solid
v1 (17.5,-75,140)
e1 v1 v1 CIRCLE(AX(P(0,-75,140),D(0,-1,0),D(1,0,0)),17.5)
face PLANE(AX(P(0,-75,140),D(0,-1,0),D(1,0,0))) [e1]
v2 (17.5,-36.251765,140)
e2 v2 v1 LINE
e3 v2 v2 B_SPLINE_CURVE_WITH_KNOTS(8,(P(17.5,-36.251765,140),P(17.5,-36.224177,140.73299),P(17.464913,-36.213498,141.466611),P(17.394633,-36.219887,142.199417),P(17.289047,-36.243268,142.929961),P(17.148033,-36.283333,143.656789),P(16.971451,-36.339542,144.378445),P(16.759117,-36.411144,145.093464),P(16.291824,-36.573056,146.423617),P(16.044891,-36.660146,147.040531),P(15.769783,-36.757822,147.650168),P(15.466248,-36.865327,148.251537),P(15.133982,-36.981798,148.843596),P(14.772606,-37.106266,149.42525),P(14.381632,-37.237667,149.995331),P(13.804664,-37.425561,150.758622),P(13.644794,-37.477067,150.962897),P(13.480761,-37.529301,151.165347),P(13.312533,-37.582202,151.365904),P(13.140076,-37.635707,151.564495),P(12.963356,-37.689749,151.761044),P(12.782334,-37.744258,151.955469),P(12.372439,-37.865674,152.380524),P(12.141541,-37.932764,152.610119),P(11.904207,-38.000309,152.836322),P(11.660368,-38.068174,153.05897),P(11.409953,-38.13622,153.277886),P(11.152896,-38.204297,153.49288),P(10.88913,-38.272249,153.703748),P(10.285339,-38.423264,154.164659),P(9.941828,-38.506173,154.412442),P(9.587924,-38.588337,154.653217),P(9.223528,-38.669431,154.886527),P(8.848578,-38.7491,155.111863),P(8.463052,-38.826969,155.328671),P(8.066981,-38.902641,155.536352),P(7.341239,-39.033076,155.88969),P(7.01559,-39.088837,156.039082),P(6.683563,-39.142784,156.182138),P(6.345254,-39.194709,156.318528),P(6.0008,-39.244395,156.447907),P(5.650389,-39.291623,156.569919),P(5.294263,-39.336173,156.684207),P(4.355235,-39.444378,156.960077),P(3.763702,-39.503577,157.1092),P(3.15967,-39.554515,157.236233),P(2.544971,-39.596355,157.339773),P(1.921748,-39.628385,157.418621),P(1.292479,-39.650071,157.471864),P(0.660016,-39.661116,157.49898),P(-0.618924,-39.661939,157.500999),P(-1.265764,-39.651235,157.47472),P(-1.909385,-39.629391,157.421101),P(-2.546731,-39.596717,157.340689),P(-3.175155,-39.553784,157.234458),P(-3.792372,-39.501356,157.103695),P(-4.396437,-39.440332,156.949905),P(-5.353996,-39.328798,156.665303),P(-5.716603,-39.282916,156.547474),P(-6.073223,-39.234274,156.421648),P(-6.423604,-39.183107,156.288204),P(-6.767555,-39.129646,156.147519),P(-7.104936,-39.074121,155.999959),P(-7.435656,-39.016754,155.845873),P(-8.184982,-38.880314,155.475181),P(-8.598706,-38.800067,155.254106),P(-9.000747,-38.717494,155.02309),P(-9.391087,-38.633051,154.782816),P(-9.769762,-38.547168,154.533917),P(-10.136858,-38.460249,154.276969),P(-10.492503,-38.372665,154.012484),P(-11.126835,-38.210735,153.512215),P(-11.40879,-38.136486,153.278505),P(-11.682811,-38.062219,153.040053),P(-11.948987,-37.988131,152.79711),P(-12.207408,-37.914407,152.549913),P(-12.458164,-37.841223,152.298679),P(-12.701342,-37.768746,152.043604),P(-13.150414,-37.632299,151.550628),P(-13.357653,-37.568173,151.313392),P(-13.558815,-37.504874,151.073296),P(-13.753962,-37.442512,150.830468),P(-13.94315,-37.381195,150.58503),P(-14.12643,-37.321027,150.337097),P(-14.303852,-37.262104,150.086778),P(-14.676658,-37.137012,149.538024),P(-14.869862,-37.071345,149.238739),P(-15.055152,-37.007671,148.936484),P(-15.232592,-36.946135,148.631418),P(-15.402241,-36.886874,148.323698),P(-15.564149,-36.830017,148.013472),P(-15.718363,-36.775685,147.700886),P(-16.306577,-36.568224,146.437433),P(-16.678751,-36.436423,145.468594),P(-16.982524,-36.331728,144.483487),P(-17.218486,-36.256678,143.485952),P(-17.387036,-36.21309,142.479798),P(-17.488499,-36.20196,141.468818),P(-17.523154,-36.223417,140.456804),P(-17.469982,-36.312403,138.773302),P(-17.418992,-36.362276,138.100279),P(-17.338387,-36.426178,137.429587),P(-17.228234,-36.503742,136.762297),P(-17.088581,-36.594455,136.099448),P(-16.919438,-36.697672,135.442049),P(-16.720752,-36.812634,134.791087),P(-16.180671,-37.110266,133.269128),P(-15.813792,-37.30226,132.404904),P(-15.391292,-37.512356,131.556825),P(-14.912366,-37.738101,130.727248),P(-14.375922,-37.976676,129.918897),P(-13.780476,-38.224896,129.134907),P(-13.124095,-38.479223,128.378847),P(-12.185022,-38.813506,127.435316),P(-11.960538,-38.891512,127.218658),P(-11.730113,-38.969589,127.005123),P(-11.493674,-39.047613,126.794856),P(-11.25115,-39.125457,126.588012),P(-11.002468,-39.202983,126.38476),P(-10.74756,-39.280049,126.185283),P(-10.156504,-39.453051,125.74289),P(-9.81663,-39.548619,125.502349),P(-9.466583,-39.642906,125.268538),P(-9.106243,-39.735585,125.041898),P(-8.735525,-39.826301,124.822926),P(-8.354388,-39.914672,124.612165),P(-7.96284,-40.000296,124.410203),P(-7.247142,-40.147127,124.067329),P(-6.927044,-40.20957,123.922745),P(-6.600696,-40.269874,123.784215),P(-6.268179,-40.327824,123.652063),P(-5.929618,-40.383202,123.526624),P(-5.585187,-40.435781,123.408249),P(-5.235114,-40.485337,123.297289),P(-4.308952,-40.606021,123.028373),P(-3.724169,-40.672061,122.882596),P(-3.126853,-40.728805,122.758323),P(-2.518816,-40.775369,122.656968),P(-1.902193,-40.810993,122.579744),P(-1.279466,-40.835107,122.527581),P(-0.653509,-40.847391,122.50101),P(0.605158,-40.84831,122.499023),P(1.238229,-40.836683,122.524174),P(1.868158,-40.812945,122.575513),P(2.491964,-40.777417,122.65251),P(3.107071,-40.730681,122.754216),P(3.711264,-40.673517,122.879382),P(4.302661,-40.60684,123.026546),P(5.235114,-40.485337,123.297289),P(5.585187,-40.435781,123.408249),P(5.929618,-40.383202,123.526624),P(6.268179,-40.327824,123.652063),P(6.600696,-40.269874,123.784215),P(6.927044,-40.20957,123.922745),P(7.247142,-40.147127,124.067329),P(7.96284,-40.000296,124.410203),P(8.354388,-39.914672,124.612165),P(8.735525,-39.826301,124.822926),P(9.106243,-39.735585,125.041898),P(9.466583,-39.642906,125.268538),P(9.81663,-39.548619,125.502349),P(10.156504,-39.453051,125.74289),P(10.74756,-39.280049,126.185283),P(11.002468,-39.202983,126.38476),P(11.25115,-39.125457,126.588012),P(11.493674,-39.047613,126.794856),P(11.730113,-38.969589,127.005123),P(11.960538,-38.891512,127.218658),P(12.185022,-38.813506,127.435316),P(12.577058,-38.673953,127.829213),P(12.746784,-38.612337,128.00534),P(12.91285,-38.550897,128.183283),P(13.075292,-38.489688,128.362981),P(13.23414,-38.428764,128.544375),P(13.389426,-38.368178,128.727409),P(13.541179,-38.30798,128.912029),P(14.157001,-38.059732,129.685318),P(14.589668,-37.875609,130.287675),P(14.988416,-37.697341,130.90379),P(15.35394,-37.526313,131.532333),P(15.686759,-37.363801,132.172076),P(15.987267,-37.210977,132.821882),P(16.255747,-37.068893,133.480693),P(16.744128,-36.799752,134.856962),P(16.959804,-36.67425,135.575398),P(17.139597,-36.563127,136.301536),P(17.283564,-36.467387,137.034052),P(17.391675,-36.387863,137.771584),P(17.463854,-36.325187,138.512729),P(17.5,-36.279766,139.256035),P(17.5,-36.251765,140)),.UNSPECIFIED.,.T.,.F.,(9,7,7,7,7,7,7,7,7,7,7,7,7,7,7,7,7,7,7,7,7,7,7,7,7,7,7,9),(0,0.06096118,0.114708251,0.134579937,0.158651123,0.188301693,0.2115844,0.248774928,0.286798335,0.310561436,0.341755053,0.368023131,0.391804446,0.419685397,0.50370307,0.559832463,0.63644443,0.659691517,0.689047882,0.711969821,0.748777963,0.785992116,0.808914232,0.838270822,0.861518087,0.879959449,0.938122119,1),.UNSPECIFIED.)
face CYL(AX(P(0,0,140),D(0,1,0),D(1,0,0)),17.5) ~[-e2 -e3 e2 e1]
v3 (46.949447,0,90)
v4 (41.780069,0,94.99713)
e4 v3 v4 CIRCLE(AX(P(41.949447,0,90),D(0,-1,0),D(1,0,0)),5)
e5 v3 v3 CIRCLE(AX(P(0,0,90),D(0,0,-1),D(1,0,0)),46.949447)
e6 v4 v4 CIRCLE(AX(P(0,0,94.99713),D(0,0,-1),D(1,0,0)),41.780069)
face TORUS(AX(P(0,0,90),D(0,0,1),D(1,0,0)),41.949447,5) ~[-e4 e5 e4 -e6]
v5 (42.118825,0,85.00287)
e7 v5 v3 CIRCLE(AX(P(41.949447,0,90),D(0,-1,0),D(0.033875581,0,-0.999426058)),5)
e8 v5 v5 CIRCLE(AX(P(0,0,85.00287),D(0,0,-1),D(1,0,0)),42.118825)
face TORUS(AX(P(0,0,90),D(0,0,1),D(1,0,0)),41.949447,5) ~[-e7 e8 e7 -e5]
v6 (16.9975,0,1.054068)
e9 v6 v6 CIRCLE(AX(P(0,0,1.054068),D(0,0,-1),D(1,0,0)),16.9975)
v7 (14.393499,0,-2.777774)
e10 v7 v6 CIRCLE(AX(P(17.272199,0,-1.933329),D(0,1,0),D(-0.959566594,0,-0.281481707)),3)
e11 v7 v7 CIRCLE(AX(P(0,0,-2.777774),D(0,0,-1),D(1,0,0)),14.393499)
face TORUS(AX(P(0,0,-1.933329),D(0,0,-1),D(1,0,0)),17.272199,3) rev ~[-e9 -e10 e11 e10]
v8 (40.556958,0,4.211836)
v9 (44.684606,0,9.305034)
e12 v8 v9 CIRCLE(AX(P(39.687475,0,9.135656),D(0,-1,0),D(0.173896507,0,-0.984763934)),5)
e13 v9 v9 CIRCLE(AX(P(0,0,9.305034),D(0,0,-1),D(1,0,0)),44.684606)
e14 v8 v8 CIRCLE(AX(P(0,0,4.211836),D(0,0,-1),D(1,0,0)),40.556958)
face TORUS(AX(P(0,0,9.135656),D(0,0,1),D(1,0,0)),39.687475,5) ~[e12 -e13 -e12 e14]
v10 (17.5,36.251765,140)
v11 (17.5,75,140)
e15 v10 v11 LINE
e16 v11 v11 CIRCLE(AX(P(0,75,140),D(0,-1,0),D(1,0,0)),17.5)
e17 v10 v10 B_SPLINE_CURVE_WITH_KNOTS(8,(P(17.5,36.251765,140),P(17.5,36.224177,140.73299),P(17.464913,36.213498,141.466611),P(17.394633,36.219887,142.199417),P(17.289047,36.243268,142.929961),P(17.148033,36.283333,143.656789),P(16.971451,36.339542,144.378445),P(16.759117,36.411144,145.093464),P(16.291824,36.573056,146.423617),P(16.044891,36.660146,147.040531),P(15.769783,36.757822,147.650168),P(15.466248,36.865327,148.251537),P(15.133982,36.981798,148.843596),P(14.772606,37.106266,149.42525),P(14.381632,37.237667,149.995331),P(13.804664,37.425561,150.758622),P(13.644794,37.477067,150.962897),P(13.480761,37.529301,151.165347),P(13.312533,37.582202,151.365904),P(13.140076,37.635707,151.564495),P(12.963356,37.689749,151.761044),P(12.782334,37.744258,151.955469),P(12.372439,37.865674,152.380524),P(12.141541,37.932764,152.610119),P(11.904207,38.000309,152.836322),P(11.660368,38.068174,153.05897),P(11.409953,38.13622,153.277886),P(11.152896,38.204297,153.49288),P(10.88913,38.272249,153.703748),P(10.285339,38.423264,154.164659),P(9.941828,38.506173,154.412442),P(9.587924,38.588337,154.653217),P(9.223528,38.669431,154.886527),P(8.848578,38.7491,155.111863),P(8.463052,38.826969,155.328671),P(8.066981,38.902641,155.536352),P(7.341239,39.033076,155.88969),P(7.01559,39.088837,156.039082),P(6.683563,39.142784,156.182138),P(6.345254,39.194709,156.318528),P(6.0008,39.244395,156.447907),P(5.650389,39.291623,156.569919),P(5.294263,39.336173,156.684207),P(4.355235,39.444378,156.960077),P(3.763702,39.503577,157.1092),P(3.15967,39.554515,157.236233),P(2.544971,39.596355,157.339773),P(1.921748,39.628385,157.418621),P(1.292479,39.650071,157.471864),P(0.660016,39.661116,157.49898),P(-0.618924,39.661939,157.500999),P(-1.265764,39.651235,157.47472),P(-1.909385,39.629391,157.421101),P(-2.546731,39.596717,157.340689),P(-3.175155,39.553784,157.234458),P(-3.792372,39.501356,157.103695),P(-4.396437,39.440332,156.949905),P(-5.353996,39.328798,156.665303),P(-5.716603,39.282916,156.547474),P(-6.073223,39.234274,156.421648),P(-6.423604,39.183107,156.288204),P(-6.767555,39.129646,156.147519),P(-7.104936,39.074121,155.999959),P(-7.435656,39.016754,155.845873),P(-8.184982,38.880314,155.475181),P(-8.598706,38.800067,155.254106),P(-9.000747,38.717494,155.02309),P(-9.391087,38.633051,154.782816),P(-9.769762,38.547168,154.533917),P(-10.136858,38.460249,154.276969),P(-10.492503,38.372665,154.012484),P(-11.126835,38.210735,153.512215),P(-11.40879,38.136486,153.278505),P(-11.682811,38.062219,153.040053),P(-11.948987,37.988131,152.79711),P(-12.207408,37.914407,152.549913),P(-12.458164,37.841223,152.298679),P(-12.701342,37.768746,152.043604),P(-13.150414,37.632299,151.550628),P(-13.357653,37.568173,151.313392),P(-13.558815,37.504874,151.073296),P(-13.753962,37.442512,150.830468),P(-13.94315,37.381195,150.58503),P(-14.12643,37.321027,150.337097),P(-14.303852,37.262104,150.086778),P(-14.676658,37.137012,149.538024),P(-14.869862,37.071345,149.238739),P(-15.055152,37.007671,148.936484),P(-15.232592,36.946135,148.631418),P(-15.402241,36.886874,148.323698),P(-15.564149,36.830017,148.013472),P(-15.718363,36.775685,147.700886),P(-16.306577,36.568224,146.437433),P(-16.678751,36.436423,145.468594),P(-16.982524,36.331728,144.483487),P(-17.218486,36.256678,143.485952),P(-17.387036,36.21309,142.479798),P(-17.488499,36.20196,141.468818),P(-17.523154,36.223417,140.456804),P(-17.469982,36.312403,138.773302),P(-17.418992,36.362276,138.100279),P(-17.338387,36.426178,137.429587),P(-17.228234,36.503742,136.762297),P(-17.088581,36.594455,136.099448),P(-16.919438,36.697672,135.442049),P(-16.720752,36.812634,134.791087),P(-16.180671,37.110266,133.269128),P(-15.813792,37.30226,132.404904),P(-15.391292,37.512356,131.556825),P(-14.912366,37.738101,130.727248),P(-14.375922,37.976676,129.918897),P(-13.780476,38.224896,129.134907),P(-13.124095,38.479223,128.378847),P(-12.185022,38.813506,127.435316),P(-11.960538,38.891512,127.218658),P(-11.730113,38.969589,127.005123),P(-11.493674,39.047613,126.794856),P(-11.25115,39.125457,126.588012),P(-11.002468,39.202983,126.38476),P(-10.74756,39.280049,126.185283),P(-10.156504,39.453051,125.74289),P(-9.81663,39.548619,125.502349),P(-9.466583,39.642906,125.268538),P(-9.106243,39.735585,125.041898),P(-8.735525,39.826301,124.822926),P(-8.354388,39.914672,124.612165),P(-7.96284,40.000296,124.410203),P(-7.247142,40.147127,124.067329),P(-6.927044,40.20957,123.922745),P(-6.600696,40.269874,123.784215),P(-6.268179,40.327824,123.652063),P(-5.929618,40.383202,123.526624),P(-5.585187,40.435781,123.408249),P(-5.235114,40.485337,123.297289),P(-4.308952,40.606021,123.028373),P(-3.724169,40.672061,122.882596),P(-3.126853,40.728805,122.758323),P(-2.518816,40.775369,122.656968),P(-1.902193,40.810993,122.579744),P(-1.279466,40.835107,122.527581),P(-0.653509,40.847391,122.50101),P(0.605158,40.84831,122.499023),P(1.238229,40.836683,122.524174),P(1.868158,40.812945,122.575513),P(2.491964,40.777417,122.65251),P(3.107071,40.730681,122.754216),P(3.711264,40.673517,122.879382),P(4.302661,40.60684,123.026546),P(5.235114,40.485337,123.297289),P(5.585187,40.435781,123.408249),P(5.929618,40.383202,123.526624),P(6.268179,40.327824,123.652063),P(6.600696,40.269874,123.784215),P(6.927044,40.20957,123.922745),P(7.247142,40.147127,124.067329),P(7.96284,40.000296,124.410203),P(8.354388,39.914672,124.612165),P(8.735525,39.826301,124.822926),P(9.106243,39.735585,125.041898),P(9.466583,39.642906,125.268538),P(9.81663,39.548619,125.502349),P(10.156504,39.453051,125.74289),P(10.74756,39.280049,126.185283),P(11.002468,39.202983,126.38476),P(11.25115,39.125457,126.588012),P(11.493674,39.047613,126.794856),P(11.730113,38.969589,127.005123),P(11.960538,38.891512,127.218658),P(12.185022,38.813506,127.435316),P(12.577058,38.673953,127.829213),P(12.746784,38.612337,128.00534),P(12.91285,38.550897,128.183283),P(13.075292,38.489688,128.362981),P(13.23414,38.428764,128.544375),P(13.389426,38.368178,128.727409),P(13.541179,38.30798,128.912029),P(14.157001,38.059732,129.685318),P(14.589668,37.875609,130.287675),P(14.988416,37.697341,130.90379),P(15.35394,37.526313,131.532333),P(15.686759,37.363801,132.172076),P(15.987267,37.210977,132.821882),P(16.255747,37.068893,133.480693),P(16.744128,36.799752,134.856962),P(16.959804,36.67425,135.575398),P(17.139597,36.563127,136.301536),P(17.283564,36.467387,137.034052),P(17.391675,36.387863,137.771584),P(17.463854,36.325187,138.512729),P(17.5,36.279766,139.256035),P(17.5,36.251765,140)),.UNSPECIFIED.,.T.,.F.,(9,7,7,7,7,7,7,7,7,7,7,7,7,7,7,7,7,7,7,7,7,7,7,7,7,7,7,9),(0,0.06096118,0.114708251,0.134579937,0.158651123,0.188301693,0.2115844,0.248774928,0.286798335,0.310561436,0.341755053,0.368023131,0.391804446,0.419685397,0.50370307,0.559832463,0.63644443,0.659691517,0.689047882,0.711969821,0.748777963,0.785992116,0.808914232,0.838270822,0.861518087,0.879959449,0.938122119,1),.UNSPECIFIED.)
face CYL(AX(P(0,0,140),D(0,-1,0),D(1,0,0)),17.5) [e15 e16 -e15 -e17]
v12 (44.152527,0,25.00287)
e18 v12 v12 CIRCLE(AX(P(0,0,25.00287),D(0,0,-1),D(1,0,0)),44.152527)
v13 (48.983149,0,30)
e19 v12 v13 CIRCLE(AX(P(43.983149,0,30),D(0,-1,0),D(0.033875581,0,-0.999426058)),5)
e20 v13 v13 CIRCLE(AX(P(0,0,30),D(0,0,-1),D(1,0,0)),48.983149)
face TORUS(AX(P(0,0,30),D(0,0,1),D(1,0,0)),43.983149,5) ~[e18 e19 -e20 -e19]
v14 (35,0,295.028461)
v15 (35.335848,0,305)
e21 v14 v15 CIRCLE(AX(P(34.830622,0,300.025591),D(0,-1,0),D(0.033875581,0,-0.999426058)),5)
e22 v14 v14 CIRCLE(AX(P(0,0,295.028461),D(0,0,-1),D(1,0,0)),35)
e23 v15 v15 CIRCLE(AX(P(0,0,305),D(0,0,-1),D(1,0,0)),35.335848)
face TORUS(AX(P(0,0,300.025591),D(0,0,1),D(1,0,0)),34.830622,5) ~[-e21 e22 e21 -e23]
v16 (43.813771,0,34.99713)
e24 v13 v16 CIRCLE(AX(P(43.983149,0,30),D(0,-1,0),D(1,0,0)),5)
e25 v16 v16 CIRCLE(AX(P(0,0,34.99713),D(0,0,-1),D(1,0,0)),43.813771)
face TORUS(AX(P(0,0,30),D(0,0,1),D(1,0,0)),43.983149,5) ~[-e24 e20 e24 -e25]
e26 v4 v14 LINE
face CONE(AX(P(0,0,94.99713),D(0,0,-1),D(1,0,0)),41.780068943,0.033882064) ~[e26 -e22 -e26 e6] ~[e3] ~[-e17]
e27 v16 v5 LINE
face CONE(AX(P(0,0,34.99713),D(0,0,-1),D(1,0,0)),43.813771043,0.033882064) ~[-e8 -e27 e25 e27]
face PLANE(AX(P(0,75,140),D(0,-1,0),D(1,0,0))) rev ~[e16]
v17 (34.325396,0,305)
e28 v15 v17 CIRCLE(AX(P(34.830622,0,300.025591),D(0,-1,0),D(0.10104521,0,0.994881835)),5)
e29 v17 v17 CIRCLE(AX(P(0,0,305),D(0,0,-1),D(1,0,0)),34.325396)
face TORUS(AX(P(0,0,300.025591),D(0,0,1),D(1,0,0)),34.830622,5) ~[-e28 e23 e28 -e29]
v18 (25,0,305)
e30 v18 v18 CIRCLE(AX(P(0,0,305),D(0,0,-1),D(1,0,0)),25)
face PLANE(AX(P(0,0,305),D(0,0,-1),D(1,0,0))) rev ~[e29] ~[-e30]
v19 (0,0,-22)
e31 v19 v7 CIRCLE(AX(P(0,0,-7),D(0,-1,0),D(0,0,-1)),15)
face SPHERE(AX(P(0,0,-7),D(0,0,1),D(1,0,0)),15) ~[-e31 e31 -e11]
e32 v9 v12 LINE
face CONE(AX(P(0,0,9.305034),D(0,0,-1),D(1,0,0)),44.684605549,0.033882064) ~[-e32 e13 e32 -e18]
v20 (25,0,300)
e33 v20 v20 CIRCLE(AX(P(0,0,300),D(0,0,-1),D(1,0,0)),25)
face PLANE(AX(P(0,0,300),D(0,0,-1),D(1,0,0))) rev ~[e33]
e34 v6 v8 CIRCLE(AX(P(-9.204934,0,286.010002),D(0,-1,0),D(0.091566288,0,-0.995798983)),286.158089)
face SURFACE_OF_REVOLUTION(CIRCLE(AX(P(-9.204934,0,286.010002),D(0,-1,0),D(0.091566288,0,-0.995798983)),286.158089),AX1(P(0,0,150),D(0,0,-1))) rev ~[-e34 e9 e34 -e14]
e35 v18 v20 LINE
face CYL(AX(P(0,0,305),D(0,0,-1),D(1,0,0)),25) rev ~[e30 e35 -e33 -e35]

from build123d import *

# Parameters (mm, degrees)
F2_R          = 17.5
F3_DEPTH      = 75
F3_DEPTH_BACK = 75


with BuildPart() as f1:
    # F0 (on Front) → F1 (revolve)
    with BuildSketch(Plane.XZ):
        with BuildLine():
            Line((25, 300), (0, 300))
            Line((0, 300), (0, 0))
            Line((0, 0), (0, -22))
            ThreePointArc((0, -22), (12.006943492, -15.9907345629), (14.3934989131, -2.7777743974))
            ThreePointArc((14.3934989131, -2.7777743974), (14.7909219741, -0.2471306435), (16.9974998314, 1.0540676727))
            ThreePointArc((16.9974998314, 1.0540676727), (28.8100310483, 2.3882213232), (40.5569577927, 4.2118363535))
            ThreePointArc((40.5569577927, 4.2118363535), (43.5719896291, 5.9875537176), (44.6846055492, 9.3050339279))
            Line((44.6846055492, 9.3050339279), (44.1525268557, 25.002869711))
            ThreePointArc((44.1525268557, 25.002869711), (38.9860186606, 29.8306220939), (43.8137710435, 34.997130289))
            Line((43.8137710435, 34.997130289), (42.1188247549, 85.002869711))
            ThreePointArc((42.1188247549, 85.002869711), (36.9523165598, 89.8306220939), (41.7800689426, 94.997130289))
            Line((41.7800689426, 94.997130289), (35, 295.028460536))
            ThreePointArc((35, 295.028460536), (39.8277885354, 299.8572829053), (35.3358481417, 305))
            Line((35.3358481417, 305), (34.3253960461, 305))
            Line((34.3253960461, 305), (25, 305))
            Line((25, 305), (25, 300))
        make_face()
        with BuildLine():
            ThreePointArc((35.3358481417, 305), (34.8306220939, 305.025590825), (34.3253960461, 305))
            Line((34.3253960461, 305), (35.3358481417, 305))
        make_face()
        with BuildLine():
            ThreePointArc((46.9494468487, 90), (45.4245806929, 93.5949192989), (41.7800689426, 94.997130289))
            Line((41.7800689426, 94.997130289), (42.1188247549, 85.002869711))
            ThreePointArc((42.1188247549, 85.002869711), (45.5443661476, 86.5248661559), (46.9494468487, 90))
        make_face()
        with BuildLine():
            Line((42.1188247549, 85.002869711), (41.7800689426, 94.997130289))
            ThreePointArc((41.7800689426, 94.997130289), (36.9523165598, 89.8306220939), (42.1188247549, 85.002869711))
        make_face()
        with BuildLine():
            ThreePointArc((43.8137710435, 34.997130289), (38.9860186606, 29.8306220939), (44.1525268557, 25.002869711))
            Line((44.1525268557, 25.002869711), (43.8137710435, 34.997130289))
        make_face()
        with BuildLine():
            Line((43.8137710435, 34.997130289), (44.1525268557, 25.002869711))
            ThreePointArc((44.1525268557, 25.002869711), (47.5780682484, 26.5248661559), (48.9831489496, 30))
            ThreePointArc((48.9831489496, 30), (47.4582827937, 33.5949192989), (43.8137710435, 34.997130289))
        make_face()
    revolve(axis=Axis((0, 0, 150), (0, 0, -1)))

    # F2 (on Front) → F3 (join, two sides)
    with BuildSketch(Plane.XZ) as f3_sk:
        with Locations((0, 140)):
            Circle(F2_R)
    extrude(amount=F3_DEPTH)
    extrude(f3_sk.sketch, amount=-F3_DEPTH_BACK)


solid = f1.part
